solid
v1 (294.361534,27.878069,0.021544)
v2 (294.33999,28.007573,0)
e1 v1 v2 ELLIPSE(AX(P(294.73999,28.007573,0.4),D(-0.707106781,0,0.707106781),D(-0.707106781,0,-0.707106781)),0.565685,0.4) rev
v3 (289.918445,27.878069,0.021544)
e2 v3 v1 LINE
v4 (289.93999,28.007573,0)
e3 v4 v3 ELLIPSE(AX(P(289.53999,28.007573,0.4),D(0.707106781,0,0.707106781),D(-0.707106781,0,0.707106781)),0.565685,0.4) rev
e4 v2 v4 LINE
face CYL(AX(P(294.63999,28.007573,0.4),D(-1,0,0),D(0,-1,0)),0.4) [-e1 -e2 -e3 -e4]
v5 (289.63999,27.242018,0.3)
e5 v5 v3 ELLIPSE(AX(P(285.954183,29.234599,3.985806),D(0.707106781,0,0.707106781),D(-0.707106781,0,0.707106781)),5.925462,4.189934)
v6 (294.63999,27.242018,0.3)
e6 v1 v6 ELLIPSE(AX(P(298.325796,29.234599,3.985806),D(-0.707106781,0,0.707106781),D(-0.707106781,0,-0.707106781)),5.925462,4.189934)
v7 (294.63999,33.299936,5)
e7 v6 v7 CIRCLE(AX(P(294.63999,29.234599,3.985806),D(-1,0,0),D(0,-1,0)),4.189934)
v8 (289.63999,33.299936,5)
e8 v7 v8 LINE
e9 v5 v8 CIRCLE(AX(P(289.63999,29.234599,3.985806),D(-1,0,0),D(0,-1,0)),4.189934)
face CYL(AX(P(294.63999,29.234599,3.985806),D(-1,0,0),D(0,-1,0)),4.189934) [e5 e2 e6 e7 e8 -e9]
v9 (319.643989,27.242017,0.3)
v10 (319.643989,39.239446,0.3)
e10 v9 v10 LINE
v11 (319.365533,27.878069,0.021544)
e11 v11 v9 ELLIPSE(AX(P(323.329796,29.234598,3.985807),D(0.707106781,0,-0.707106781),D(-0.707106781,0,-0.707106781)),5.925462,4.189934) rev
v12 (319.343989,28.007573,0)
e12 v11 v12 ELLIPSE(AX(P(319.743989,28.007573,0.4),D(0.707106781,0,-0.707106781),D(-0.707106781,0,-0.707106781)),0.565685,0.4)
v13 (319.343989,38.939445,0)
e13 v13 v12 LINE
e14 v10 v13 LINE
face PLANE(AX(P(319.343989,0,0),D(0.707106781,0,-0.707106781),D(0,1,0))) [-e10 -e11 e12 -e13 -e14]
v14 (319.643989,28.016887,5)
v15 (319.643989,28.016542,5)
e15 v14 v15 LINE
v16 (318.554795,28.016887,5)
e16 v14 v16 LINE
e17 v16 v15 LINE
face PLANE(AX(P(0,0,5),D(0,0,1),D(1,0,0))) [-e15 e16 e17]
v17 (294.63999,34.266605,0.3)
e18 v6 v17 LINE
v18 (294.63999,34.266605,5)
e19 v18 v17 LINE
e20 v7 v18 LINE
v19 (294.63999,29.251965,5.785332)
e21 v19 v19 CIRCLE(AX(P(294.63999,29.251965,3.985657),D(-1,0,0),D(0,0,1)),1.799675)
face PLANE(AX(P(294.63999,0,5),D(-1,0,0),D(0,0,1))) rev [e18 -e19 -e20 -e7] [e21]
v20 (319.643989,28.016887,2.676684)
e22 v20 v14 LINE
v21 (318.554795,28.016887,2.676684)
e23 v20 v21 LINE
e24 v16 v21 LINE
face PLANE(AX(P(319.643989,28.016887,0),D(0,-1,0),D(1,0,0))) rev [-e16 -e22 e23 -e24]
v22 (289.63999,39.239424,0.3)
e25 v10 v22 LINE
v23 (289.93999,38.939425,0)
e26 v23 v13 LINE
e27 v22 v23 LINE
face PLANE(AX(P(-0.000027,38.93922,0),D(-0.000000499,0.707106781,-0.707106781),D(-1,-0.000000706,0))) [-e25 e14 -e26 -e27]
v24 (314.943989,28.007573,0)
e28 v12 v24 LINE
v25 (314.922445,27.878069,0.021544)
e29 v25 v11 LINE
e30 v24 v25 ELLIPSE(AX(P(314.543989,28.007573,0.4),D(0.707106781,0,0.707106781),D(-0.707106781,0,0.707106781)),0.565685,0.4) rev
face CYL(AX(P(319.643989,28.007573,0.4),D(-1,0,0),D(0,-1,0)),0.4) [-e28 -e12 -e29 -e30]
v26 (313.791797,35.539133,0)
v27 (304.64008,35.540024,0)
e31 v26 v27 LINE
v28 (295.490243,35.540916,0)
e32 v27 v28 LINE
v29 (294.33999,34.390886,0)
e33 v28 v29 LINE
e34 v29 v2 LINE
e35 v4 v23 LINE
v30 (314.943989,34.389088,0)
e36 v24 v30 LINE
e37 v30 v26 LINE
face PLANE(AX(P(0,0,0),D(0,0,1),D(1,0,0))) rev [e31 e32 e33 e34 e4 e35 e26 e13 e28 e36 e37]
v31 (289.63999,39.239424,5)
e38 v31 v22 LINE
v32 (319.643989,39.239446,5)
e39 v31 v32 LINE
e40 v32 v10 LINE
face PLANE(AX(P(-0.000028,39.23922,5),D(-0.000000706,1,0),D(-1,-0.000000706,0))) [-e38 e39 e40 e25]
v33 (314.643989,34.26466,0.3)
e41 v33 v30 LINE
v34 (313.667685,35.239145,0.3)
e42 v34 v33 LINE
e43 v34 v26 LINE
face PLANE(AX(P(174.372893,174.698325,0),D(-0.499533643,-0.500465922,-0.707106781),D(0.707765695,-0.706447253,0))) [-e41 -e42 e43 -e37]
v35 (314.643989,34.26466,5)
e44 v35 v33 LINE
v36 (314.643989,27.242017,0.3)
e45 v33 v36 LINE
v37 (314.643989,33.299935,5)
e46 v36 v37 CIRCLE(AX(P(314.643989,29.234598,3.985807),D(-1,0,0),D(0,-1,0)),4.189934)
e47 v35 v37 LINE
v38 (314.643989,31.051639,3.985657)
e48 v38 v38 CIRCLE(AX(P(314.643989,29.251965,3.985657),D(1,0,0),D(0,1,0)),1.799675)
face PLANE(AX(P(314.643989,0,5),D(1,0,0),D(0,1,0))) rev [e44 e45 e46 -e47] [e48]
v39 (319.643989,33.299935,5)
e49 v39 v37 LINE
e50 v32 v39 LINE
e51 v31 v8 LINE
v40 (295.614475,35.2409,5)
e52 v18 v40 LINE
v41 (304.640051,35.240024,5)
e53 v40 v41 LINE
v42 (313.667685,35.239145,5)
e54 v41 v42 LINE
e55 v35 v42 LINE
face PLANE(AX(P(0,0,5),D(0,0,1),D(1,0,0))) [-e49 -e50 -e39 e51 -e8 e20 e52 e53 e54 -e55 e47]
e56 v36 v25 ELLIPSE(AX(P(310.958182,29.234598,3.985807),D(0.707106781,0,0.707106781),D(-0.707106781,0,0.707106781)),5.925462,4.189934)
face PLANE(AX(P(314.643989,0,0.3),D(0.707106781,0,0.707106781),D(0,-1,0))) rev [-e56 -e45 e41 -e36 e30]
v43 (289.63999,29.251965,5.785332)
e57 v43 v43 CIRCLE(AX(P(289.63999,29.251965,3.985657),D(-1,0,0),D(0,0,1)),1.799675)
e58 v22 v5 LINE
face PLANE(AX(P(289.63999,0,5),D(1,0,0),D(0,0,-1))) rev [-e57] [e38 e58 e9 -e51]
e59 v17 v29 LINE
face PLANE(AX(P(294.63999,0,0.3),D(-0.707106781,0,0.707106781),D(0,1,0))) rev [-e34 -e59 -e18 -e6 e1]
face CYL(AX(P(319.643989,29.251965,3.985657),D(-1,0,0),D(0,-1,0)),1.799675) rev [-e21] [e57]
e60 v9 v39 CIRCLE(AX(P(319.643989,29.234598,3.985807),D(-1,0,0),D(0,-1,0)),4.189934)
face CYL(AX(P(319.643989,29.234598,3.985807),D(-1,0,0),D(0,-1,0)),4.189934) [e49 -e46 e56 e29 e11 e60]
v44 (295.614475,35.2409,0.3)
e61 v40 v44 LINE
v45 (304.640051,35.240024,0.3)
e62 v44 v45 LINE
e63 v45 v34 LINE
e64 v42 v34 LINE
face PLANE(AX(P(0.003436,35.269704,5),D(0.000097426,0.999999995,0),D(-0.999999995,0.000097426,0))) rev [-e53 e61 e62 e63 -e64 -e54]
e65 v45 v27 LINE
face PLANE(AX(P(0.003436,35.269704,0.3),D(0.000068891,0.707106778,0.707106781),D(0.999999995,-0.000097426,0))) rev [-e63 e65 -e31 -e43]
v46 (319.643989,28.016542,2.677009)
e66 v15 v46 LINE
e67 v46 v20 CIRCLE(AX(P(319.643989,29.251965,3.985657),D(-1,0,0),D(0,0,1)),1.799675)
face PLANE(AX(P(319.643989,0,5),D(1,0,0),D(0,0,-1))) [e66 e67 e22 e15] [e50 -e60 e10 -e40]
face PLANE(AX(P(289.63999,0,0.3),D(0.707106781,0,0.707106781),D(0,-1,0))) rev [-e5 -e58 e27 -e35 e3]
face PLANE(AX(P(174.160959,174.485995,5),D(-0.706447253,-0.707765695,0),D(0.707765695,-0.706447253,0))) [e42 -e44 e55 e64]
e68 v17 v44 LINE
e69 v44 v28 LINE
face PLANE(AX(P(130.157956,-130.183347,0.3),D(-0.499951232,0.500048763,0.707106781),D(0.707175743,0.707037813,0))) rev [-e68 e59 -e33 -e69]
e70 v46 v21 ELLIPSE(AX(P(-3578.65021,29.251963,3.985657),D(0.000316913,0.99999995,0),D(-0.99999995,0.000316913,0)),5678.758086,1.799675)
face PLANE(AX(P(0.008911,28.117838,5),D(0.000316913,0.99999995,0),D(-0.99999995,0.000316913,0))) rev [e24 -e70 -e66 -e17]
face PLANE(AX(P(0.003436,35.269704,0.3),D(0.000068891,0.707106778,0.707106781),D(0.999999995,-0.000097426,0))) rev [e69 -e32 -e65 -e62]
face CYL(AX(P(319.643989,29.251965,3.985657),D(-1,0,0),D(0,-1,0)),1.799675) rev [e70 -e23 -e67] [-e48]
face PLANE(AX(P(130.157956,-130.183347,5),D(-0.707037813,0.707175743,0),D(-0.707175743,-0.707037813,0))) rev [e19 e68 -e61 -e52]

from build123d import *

# Parameters (mm, degrees)
BOSS_EXTRUDE1_DEPTH = 5
CUT_EXTRUDE1_DEPTH  = 31.003999108
SKETCH2_3_R         = 1.799674582
BOSS_EXTRUDE2_DEPTH = 5
SKETCH3_R           = 1.799674582
BOSS_EXTRUDE3_DEPTH = 5
CHAMFER1_SIZE       = 0.3
FILLET1_R           = 0.4


with BuildPart() as part:
    # Model → Boss-Extrude1 (new body)
    with BuildSketch(Plane.XY):
        Polygon((294.639989597, 34.266605248), (295.614474597, 35.240900181), (304.640051213, 35.240024382), (313.667685024, 35.239144856), (314.643988705, 34.264659856), (314.643988705, 28.018126256), (319.643988705, 28.016541689), (319.643988705, 39.239445651), (289.639989597, 39.239424468), (289.639989597, 28.016886869), (294.639989597, 28.020075702), align=None)
    extrude(amount=BOSS_EXTRUDE1_DEPTH)

    # Sketch2 → Cut-Extrude1 (cut, through all)
    with BuildSketch(Plane.ZY.offset(-289.639989597)):
        with BuildLine():
            ThreePointArc((5, 30.738550482), (2.616874768, 30.420409758), (2.676683755, 28.016886869))
            Line((2.676683755, 28.016886869), (5, 28.016886869))
            Line((5, 28.016886869), (5, 30.738550482))
        make_face()
    extrude(amount=-CUT_EXTRUDE1_DEPTH, mode=Mode.SUBTRACT)

    # Sketch2<3> → Boss-Extrude2 (add)
    with BuildSketch(Plane.ZY.offset(-289.639989597)):
        with BuildLine():
            Line((0, 30.526457448), (0, 27.942741433))
            ThreePointArc((0, 27.942741433), (8.175740848, 29.23459944), (0, 30.526457448))
        make_face()
        with Locations((3.985657063, 29.251964795)):
            Circle(SKETCH2_3_R, mode=Mode.SUBTRACT)
    extrude(amount=-BOSS_EXTRUDE2_DEPTH)

    # Sketch3 → Boss-Extrude3 (add)
    with BuildSketch(Plane.ZY.offset(-314.643988705)):
        with BuildLine():
            Line((4.35e-07, 30.526456106), (4.35e-07, 27.942740092))
            ThreePointArc((4.35e-07, 27.942740092), (8.175741283, 29.234598099), (4.35e-07, 30.526456106))
        make_face()
        with Locations((3.985657498, 29.251963453)):
            Circle(SKETCH3_R, mode=Mode.SUBTRACT)
    extrude(amount=-BOSS_EXTRUDE3_DEPTH)

    # Chamfer1
    chamfer1_edges = [part.edges().sort_by_distance(p)[0] for p in [
        (294.639989597, 31.104673341, 0),
        (289.639989597, 33.59108295, 0),
        (304.641989151, 39.239435059, 0),
        (319.643988705, 33.62799367, 0),
        (314.643988705, 31.141393056, 0),
        (314.155836865, 34.751902356, 0),
        (309.153868118, 35.239584619, 0),
        (300.127262905, 35.240462282, 0),
        (295.127232097, 34.753752715, 0),
    ]]
    chamfer(chamfer1_edges, length=CHAMFER1_SIZE)

    # Fillet1
    fillet1_edges = [part.edges().sort_by_distance(p)[0] for p in [
        (317.143988705, 27.942740092, 4.35e-07),
        (292.139989597, 27.942741433, 0),
    ]]
    fillet(fillet1_edges, radius=FILLET1_R)


solid = part.part
